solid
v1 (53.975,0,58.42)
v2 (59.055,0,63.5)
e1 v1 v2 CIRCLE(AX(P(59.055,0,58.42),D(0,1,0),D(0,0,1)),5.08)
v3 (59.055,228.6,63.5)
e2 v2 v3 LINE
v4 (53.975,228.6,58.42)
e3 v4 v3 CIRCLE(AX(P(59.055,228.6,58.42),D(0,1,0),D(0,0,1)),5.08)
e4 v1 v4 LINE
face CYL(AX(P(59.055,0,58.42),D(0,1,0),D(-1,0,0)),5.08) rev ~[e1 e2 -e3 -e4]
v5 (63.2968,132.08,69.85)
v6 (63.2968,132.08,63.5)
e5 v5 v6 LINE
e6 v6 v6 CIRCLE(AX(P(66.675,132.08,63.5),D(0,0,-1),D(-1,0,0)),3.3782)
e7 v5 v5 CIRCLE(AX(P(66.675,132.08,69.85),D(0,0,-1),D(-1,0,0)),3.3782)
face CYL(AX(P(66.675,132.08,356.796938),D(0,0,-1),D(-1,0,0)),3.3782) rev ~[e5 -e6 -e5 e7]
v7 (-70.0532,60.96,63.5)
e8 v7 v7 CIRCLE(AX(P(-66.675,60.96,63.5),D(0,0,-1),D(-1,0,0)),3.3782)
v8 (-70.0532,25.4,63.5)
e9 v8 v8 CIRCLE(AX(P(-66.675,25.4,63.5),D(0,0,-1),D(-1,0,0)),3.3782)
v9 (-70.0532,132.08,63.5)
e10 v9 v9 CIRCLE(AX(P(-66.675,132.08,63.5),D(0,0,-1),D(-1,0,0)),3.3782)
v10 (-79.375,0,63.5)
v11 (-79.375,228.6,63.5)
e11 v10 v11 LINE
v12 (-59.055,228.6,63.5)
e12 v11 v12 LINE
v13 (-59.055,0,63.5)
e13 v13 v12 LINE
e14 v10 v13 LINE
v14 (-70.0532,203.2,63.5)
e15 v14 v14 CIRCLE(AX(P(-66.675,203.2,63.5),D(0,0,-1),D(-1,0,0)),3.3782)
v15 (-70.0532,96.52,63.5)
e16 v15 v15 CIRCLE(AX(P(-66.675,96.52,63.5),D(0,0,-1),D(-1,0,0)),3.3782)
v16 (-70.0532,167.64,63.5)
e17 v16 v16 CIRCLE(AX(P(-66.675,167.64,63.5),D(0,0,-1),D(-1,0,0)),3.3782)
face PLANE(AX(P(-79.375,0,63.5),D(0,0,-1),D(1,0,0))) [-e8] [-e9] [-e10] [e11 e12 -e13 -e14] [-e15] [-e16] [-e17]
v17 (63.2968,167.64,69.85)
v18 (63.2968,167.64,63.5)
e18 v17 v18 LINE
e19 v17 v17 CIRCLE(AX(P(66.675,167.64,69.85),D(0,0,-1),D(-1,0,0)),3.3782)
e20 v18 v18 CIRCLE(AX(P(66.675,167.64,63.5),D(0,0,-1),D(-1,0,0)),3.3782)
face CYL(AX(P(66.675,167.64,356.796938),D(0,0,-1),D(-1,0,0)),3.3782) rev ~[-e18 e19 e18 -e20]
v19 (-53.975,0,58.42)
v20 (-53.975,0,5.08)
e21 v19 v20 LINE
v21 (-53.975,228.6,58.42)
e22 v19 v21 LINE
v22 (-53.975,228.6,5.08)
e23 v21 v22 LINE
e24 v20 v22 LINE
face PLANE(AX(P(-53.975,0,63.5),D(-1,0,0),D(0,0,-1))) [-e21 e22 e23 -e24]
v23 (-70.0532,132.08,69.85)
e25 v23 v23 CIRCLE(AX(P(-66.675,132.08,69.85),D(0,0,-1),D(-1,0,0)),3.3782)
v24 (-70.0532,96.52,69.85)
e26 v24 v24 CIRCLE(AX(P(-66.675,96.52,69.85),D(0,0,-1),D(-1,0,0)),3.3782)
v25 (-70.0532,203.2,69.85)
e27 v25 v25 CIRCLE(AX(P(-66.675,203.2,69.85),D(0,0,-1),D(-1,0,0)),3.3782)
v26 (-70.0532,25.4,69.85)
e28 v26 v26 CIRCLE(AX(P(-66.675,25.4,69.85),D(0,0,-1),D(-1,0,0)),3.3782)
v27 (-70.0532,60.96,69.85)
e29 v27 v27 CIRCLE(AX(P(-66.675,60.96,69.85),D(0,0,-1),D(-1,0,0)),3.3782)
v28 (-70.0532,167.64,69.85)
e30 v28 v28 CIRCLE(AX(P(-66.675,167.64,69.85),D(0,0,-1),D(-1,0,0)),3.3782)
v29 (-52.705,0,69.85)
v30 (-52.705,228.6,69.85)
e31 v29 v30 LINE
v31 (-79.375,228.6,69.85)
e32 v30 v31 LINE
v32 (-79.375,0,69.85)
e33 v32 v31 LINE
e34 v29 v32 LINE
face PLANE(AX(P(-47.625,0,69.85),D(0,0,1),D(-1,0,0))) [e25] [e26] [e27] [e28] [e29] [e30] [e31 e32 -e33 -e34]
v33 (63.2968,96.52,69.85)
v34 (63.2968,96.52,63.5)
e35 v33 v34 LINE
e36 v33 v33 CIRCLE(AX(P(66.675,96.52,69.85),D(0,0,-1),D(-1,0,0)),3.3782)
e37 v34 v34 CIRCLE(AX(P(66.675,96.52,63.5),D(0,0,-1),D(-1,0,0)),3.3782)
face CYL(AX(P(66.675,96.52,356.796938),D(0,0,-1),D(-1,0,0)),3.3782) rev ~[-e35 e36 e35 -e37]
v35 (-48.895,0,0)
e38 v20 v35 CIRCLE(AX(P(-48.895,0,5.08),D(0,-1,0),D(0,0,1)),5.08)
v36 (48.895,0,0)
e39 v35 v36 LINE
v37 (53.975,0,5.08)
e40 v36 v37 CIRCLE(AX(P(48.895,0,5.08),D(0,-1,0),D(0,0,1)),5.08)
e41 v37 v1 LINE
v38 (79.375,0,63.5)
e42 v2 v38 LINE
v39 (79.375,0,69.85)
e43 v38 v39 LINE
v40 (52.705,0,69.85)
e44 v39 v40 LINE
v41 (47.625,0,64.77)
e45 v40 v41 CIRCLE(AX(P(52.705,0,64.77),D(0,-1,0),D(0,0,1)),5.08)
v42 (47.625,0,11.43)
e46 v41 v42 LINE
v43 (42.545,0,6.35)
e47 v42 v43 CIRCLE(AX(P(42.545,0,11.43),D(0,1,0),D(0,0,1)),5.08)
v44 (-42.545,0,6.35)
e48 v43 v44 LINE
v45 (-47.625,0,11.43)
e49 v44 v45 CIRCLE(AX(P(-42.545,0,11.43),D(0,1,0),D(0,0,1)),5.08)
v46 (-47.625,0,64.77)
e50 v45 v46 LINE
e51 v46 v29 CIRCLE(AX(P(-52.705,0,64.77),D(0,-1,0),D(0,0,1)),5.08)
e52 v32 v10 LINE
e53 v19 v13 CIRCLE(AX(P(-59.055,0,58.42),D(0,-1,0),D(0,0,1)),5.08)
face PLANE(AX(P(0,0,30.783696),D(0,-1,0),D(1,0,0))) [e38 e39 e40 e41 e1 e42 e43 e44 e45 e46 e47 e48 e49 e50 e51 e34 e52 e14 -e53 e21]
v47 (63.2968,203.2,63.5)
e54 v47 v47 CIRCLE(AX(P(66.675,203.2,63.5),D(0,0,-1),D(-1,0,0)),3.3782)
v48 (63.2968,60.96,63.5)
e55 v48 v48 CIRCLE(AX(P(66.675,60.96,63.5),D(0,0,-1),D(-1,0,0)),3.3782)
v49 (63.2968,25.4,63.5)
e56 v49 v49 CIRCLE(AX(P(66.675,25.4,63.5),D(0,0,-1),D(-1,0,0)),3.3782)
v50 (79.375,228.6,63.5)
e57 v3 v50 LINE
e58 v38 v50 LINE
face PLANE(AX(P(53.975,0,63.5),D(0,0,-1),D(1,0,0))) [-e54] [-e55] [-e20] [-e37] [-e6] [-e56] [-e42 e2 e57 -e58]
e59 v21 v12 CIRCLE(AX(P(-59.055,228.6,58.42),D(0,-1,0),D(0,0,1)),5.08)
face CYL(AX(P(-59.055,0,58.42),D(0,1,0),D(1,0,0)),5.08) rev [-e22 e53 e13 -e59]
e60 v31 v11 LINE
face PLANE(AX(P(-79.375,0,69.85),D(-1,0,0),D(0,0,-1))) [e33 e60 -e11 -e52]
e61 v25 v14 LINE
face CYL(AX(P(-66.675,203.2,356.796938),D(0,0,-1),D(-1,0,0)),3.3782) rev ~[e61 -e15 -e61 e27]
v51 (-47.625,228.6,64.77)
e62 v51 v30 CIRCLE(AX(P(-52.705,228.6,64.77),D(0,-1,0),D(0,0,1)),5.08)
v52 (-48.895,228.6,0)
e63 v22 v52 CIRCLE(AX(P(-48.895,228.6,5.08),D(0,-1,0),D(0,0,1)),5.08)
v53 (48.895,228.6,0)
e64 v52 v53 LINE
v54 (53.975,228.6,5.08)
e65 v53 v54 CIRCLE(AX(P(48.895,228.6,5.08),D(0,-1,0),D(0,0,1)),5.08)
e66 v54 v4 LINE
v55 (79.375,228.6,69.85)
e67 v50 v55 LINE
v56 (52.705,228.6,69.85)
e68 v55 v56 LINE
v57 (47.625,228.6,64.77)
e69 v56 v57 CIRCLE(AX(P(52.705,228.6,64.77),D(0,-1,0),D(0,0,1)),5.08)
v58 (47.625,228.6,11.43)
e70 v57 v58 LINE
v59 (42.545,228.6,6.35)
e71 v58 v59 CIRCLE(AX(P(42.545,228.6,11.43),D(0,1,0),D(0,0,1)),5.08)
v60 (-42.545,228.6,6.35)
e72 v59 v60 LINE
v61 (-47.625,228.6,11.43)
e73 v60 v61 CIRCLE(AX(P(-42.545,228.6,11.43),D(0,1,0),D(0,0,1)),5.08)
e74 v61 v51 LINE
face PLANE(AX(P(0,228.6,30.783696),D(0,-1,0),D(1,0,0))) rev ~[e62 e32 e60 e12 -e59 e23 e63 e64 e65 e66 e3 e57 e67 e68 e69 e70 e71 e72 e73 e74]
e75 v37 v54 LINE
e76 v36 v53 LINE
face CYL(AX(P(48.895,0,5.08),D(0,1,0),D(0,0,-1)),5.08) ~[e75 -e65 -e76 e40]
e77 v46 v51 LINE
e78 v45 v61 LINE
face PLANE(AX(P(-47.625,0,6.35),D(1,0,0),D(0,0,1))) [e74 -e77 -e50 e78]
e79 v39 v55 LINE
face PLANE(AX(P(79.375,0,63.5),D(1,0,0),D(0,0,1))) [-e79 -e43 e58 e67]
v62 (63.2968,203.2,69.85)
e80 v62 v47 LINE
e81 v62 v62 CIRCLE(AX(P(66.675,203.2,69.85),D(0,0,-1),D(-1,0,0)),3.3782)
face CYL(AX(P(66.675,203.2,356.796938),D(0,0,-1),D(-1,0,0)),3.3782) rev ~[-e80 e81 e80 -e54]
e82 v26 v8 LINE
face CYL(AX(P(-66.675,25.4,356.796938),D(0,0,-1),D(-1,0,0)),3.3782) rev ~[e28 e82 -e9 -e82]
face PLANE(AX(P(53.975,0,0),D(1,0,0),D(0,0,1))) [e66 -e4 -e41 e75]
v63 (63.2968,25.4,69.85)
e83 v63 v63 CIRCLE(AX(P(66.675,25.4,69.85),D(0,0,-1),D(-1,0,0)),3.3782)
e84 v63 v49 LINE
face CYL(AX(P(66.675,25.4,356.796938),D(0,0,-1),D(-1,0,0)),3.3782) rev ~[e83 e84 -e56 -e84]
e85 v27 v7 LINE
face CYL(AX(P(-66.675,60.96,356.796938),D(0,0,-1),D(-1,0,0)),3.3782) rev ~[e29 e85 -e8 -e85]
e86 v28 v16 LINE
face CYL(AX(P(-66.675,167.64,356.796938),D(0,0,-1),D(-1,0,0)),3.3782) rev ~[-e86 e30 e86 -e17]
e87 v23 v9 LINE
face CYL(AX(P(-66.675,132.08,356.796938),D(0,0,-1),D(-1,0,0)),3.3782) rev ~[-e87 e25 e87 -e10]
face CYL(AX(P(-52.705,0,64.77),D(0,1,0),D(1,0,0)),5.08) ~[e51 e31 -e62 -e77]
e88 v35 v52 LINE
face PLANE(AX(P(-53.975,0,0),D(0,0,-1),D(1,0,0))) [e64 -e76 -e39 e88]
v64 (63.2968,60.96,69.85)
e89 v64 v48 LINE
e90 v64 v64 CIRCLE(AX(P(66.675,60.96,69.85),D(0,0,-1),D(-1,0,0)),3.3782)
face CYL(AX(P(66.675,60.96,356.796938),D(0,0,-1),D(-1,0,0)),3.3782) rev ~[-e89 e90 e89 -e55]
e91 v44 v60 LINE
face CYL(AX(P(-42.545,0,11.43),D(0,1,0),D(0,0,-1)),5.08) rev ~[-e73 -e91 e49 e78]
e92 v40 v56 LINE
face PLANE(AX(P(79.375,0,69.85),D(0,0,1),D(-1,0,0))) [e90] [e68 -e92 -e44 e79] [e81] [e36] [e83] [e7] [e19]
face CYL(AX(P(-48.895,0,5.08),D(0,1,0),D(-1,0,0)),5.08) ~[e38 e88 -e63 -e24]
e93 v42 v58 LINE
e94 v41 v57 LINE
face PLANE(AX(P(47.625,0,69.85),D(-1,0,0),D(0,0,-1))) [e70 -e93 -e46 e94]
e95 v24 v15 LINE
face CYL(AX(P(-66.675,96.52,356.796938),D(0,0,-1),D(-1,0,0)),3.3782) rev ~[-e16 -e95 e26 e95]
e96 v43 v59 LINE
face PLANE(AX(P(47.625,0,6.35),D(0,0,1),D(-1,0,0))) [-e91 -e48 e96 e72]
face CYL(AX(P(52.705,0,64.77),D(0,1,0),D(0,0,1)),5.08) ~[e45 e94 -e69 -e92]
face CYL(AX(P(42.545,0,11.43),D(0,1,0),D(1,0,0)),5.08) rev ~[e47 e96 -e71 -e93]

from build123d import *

# Parameters (mm, degrees)
F1_DEPTH = 228.6
F3_R     = 5.08
F6_D     = 6.7564
F7_D     = 6.7564


with BuildPart() as f1:
    # F0 (on Front) → F1 (new body)
    with BuildSketch(Plane.XZ):
        Polygon((-53.975, 63.5), (-53.975, 0), (53.975, 0), (53.975, 63.5), (79.375, 63.5), (79.375, 69.85), (47.625, 69.85), (47.625, 6.35), (-47.625, 6.35), (-47.625, 69.85), (-79.375, 69.85), (-79.375, 63.5), align=None)
    extrude(amount=-F1_DEPTH)

    # F3
    f3_edges = [f1.edges().sort_by_distance(p)[0] for p in [
        (-47.625, 114.3, 69.85),
        (-47.625, 114.3, 6.35),
        (53.975, 114.3, 0),
        (47.625, 114.3, 6.35),
        (-53.975, 114.3, 0),
        (-53.975, 114.3, 63.5),
        (53.975, 114.3, 63.5),
        (47.625, 114.3, 69.85),
    ]]
    fillet(f3_edges, radius=F3_R)

    # F6 (through all)
    with Locations(Plane.XY.offset(69.85)):
        with Locations((-66.675, 203.2), (-66.675, 167.64), (-66.675, 132.08), (-66.675, 96.52), (-66.675, 60.96), (-66.675, 25.4)):
            Hole(F6_D / 2)

    # F7 (through all)
    with Locations(Plane.XY.offset(69.85)):
        with Locations((66.675, 203.2), (66.675, 167.64), (66.675, 132.08), (66.675, 96.52), (66.675, 60.96), (66.675, 25.4)):
            Hole(F7_D / 2)


solid = f1.part
